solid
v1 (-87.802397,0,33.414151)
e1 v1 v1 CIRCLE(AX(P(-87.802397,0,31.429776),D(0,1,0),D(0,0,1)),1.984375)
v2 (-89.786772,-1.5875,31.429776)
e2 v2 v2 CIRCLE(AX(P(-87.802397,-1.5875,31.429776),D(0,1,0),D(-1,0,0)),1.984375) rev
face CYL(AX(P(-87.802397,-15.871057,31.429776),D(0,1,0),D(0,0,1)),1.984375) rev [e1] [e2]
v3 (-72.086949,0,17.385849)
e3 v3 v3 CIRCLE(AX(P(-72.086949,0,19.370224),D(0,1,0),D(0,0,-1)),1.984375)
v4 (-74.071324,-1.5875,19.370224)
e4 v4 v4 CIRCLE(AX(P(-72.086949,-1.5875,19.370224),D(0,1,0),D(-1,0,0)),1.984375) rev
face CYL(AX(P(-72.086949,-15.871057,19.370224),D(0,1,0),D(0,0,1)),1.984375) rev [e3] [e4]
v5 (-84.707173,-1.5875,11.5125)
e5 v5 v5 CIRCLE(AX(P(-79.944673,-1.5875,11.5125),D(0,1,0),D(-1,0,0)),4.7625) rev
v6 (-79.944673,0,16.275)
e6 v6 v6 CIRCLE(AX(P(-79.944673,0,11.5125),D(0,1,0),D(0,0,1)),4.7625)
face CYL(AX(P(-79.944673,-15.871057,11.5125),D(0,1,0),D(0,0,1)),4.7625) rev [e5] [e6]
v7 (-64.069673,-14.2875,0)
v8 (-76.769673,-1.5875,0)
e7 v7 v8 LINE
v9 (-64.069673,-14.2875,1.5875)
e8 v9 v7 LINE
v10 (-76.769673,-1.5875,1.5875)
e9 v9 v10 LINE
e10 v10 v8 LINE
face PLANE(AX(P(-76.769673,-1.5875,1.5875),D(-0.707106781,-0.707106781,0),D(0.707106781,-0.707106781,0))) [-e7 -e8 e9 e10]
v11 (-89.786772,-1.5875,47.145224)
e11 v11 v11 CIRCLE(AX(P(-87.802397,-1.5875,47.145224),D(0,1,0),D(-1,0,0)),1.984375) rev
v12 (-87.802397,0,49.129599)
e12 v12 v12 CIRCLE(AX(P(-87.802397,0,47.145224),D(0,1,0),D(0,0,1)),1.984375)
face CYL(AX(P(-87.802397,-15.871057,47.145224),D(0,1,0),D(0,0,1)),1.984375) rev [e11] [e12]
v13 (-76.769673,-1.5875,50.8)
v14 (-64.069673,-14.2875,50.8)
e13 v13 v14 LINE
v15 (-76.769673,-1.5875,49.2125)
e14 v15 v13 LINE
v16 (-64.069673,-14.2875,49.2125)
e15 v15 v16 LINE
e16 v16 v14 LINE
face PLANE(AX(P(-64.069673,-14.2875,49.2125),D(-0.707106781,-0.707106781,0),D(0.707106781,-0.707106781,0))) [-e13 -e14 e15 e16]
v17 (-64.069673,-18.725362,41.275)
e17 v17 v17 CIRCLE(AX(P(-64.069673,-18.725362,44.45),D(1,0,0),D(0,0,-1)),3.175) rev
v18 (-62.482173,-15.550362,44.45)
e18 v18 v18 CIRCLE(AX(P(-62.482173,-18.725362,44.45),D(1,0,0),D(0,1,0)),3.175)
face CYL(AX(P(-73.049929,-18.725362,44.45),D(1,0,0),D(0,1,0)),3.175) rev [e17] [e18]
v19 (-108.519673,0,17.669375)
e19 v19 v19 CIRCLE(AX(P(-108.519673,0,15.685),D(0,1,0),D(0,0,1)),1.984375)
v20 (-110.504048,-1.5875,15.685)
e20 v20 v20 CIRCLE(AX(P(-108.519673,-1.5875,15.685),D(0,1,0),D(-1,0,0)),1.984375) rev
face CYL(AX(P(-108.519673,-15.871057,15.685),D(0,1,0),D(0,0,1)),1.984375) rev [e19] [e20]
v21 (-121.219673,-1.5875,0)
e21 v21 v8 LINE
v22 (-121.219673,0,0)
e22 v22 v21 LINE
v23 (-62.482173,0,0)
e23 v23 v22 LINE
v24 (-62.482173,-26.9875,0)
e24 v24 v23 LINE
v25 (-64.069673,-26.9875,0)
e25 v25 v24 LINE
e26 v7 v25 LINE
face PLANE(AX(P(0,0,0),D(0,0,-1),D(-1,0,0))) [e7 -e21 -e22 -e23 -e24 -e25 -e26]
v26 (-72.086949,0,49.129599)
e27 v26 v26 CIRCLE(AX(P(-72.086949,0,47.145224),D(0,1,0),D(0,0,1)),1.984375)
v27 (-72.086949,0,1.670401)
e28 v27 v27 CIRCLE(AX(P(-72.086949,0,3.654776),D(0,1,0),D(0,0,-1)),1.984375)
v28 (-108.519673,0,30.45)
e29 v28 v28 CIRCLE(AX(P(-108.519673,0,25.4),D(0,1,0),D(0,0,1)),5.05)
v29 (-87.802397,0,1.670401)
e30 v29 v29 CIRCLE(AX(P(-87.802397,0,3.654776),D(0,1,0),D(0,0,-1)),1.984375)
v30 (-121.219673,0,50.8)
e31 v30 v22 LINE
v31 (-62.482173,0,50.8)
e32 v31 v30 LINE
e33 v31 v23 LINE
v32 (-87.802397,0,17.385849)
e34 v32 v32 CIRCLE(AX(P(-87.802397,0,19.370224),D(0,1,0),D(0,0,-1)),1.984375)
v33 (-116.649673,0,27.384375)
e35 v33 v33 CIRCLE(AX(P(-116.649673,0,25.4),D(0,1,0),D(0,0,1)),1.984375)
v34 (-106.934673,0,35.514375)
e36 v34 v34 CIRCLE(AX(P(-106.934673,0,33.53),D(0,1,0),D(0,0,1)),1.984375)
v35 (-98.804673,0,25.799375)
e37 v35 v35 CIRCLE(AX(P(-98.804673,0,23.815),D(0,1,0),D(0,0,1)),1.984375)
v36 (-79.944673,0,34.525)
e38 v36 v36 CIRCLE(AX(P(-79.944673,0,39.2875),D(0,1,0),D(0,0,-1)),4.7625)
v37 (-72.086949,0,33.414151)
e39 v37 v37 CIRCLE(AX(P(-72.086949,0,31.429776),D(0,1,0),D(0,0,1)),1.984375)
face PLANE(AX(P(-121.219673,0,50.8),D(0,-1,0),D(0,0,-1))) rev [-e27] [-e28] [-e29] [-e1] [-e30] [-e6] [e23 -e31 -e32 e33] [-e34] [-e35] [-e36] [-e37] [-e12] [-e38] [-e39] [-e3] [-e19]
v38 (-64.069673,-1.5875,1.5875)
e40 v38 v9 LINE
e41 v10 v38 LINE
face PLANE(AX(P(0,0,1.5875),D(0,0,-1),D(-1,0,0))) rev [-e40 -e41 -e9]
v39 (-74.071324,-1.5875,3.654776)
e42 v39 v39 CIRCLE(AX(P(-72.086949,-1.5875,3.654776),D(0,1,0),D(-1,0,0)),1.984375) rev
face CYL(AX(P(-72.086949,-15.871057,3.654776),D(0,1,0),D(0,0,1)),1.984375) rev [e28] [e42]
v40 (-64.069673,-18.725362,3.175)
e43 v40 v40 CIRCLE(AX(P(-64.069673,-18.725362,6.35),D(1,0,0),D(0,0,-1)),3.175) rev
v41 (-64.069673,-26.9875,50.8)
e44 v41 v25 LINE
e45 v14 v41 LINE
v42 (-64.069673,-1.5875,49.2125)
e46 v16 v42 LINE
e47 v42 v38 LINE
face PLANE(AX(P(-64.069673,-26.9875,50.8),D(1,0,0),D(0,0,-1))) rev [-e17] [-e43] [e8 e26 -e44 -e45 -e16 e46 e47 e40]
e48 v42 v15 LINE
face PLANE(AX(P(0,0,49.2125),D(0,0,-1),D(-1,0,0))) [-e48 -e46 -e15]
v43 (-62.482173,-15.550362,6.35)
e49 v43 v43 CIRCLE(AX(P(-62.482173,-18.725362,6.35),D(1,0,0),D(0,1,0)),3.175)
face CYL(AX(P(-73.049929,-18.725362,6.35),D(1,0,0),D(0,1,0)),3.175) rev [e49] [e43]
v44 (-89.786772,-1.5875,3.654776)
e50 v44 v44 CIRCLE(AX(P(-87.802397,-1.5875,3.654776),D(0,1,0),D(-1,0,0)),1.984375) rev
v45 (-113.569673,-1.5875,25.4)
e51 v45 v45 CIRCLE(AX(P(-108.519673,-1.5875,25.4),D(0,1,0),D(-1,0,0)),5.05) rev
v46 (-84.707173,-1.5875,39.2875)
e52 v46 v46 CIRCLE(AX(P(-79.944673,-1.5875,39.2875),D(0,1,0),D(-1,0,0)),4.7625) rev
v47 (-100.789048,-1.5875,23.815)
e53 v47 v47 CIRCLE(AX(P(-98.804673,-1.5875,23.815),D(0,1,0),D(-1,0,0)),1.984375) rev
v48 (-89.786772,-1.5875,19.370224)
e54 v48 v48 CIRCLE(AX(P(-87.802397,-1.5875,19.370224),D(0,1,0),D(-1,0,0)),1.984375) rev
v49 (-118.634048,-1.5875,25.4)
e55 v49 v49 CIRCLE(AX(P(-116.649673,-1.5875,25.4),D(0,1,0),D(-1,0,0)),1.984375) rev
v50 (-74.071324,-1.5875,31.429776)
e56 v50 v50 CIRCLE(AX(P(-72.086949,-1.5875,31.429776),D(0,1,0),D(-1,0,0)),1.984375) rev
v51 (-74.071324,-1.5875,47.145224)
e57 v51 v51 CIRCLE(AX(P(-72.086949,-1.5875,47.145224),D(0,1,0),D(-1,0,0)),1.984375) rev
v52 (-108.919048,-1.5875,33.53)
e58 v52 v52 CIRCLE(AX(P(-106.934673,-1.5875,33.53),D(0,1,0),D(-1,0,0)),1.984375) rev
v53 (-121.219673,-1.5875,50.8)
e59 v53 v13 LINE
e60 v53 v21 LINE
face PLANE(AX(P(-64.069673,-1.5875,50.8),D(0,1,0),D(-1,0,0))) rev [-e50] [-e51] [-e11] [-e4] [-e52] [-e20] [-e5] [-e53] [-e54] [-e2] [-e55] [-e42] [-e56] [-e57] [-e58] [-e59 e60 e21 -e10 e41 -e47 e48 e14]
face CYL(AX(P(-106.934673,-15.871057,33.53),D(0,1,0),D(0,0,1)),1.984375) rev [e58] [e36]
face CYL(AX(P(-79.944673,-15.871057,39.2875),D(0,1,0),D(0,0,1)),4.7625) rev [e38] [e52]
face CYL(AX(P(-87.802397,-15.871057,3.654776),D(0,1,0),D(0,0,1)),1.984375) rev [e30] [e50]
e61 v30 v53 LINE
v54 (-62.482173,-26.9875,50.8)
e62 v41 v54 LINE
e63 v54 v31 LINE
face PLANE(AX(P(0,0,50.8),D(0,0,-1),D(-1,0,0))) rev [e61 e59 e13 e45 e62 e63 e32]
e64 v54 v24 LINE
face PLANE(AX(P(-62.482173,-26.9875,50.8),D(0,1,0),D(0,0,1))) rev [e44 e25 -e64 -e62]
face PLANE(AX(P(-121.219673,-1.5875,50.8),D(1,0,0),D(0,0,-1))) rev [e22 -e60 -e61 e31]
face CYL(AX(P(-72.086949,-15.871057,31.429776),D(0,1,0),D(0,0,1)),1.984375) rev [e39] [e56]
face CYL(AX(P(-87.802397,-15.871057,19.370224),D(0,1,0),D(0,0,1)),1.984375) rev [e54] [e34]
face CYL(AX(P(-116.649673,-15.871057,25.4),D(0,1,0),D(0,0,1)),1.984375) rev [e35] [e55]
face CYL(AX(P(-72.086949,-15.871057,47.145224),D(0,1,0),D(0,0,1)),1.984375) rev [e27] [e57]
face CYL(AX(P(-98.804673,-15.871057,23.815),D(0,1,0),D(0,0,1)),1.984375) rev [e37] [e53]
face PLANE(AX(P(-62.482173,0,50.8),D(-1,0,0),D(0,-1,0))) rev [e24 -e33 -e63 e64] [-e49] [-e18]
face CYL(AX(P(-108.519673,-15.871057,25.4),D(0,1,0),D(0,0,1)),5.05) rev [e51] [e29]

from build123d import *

# Parameters (mm, degrees)
BOSS_EXTRUDE2_DEPTH = 50.8
SKETCH4_R           = 5.05
SKETCH4_R_2         = 4.7625
SKETCH4_R_3         = 1.984375
CUT_EXTRUDE1_DEPTH  = 1.5875
BOSS_EXTRUDE3_DEPTH = 1.5875
BOSS_EXTRUDE4_DEPTH = 1.5875
SKETCH8_R           = 3.175
CUT_EXTRUDE2_DEPTH  = 1.5875


with BuildPart() as part:
    # Sketch3 → Boss-Extrude2 (new body)
    with BuildSketch(Plane.XY):
        Polygon((-121.219673345, 0), (-62.482173345, 0), (-62.482173345, -26.9875), (-64.069673345, -26.9875), (-64.069673345, -1.5875), (-121.219673345, -1.5875), align=None)
    extrude(amount=BOSS_EXTRUDE2_DEPTH)

    # Sketch4 → Cut-Extrude1 (cut)
    with BuildSketch(Plane(origin=(0, 0, 0), x_dir=(1, 0, 0), z_dir=(0, 1, 0))):
        with Locations((-108.519673345, -25.4)):
            Circle(SKETCH4_R)
        with Locations((-79.944673345, -39.2875)):
            Circle(SKETCH4_R_2)
        with Locations((-108.519673345, -15.685)):
            Circle(SKETCH4_R_3)
        with Locations((-87.802397451, -31.429775894)):
            Circle(SKETCH4_R_3)
        with Locations((-72.086949239, -31.429775894)):
            Circle(SKETCH4_R_3)
        with Locations((-72.086949239, -47.145224106)):
            Circle(SKETCH4_R_3)
        with Locations((-87.802397451, -47.145224106)):
            Circle(SKETCH4_R_3)
        with Locations((-116.649673345, -25.4)):
            Circle(SKETCH4_R_3)
        with Locations((-98.804673345, -23.815)):
            Circle(SKETCH4_R_3)
        with Locations((-106.934673345, -33.53)):
            Circle(SKETCH4_R_3)
        with Locations((-87.802397451, -3.654775894)):
            Circle(SKETCH4_R_3)
        with Locations((-72.086949239, -3.654775894)):
            Circle(SKETCH4_R_3)
        with Locations((-72.086949239, -19.370224106)):
            Circle(SKETCH4_R_3)
        with Locations((-87.802397451, -19.370224106)):
            Circle(SKETCH4_R_3)
        with Locations((-79.944673345, -11.5125)):
            Circle(SKETCH4_R_2)
    extrude(amount=-CUT_EXTRUDE1_DEPTH, mode=Mode.SUBTRACT)

    # Sketch5 → Boss-Extrude3 (add)
    with BuildSketch(Plane(origin=(0, 0, 0), x_dir=(-1, 0, 0), z_dir=(0, 0, -1))):
        Polygon((76.769673345, -1.5875), (64.069673345, -14.2875), (64.069673345, -1.5875), align=None)
    extrude(amount=-BOSS_EXTRUDE3_DEPTH)

    # Sketch7 → Boss-Extrude4 (add)
    with BuildSketch(Plane.XY.offset(50.8)):
        Polygon((-64.069673345, -1.5875), (-64.069673345, -14.2875), (-76.769673345, -1.5875), align=None)
    extrude(amount=-BOSS_EXTRUDE4_DEPTH)

    # Sketch8 → Cut-Extrude2 (cut)
    with BuildSketch(Plane(origin=(-62.482173345, 0, 0), x_dir=(0, 0, -1), z_dir=(1, 0, 0))):
        with Locations((-44.45, -18.725361779)):
            Circle(SKETCH8_R)
        with Locations((-6.35, -18.725361779)):
            Circle(SKETCH8_R)
    extrude(amount=-CUT_EXTRUDE2_DEPTH, mode=Mode.SUBTRACT)


solid = part.part
